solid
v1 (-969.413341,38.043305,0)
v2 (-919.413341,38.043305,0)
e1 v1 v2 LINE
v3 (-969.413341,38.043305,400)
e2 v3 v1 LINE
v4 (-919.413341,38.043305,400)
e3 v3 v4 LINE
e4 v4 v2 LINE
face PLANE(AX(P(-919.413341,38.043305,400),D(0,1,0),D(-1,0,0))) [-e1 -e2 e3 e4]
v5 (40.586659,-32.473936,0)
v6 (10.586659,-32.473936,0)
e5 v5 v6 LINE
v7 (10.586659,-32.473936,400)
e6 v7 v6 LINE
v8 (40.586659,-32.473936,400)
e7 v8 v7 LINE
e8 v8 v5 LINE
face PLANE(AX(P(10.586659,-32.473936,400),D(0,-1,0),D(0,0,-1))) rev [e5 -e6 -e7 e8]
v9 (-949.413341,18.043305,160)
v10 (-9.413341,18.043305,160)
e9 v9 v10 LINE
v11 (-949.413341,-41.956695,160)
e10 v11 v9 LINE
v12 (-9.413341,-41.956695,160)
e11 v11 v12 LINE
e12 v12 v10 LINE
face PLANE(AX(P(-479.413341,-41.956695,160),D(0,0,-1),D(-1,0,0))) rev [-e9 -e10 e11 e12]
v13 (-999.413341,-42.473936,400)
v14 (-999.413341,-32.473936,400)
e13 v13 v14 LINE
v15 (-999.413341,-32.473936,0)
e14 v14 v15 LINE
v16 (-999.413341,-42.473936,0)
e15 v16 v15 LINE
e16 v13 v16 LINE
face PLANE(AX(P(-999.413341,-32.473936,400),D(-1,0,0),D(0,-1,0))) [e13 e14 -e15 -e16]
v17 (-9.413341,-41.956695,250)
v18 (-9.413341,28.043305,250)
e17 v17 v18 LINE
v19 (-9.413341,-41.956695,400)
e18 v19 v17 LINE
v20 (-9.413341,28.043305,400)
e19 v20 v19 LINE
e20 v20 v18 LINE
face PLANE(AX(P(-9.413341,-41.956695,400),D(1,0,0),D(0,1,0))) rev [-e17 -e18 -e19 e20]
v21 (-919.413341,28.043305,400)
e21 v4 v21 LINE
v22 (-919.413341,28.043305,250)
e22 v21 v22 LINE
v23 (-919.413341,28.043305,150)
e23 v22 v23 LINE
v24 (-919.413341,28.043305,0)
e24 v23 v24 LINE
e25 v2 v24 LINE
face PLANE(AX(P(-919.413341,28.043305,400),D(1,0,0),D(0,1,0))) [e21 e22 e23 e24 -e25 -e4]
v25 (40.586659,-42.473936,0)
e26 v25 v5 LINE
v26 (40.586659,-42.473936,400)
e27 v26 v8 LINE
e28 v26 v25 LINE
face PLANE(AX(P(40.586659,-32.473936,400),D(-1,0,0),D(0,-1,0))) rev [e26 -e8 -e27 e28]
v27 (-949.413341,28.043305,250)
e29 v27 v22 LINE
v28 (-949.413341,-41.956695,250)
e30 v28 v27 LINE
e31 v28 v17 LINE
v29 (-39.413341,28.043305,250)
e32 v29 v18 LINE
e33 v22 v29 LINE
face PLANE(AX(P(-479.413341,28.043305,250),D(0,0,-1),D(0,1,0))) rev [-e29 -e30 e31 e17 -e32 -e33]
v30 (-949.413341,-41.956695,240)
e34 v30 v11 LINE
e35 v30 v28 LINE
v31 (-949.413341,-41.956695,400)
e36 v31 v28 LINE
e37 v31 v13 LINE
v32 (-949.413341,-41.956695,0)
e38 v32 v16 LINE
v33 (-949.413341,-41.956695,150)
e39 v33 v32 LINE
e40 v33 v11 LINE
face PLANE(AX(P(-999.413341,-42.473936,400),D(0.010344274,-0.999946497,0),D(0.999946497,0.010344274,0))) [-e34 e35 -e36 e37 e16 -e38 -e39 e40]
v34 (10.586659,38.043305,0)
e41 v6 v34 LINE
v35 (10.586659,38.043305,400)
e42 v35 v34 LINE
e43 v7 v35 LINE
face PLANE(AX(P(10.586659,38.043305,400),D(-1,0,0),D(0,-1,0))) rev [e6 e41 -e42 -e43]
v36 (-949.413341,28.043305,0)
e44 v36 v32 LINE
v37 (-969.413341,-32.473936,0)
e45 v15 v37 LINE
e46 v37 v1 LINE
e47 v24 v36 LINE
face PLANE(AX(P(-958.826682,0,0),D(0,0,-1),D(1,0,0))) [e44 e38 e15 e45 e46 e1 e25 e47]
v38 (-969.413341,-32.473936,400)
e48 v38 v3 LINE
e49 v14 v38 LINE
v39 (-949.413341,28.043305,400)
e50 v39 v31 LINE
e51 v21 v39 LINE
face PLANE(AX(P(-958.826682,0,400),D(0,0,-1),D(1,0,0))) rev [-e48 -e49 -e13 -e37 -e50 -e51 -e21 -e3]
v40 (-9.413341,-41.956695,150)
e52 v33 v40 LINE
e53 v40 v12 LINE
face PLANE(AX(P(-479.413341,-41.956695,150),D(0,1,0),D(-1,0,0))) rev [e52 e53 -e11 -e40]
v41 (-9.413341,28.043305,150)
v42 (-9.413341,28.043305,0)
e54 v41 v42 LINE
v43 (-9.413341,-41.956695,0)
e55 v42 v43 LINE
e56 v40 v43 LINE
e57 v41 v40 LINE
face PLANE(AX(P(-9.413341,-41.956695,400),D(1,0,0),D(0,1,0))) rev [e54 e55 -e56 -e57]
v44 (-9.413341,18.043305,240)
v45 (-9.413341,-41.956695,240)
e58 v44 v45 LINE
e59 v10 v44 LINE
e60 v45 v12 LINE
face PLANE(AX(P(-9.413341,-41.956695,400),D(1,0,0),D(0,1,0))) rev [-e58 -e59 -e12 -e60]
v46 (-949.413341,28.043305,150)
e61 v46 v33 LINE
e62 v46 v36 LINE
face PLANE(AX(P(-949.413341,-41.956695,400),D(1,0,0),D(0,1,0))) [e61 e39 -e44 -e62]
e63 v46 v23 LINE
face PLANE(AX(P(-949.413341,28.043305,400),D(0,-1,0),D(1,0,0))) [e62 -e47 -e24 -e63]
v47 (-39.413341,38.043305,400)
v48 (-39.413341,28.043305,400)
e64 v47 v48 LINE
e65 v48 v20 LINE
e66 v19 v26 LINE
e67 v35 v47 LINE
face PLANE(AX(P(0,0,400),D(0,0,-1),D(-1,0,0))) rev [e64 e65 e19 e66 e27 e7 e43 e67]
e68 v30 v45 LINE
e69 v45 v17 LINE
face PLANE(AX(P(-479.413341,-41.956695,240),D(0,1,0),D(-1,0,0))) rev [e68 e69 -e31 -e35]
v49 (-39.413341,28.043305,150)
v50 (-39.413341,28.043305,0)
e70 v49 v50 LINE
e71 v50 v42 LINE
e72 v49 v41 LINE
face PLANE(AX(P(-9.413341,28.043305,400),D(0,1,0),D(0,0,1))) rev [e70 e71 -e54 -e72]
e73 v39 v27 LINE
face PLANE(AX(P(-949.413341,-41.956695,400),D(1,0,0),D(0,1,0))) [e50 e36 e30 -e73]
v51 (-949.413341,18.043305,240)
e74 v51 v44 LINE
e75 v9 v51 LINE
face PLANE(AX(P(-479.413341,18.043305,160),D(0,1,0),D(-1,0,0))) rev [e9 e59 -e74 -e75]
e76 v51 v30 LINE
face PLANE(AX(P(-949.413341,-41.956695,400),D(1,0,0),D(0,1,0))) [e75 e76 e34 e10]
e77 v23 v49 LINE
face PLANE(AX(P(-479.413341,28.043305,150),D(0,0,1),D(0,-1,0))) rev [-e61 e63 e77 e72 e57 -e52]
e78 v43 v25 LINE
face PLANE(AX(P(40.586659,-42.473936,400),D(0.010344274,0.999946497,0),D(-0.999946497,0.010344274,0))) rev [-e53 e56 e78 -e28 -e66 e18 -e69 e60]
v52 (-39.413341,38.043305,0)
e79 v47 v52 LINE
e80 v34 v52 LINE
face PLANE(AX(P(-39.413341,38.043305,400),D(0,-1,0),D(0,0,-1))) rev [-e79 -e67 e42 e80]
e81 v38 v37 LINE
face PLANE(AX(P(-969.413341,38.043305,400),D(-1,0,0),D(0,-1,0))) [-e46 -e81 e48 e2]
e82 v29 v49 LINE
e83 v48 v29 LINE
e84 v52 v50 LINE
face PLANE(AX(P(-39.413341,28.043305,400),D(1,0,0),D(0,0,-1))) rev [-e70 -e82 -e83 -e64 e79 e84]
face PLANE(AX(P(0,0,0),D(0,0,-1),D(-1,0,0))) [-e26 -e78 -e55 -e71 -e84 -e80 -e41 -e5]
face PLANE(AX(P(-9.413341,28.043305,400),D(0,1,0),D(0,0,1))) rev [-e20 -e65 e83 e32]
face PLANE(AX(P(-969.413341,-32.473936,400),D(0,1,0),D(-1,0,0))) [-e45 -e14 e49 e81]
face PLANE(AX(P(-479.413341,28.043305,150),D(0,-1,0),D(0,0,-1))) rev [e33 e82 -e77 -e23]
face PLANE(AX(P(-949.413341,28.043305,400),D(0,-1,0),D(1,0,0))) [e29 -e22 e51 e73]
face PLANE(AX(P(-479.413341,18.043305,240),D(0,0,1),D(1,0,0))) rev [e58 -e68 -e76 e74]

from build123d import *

# Parameters (mm, degrees)
BOSS_EXTRUDE1_DEPTH = 400
BOSS_EXTRUDE2_DEPTH = 470


with BuildPart() as part:
    # Sketch1 → Boss-Extrude1 (new body)
    with BuildSketch(Plane.XY):
        Polygon((10.586659127, 38.043305377), (10.586659127, -32.473936002), (40.586659127, -32.473936002), (40.586659127, -42.473936002), (-9.413340873, -41.956694623), (-9.413340873, 28.043305377), (-39.413340873, 28.043305377), (-39.413340873, 38.043305377), align=None)
    boss_extrude1 = extrude(amount=BOSS_EXTRUDE1_DEPTH)

    # Sketch2 → Boss-Extrude2 (add)
    with BuildSketch(Plane.ZY.offset(9.413340873)):
        Polygon((150, 28.043305377), (250, 28.043305377), (250, -41.956694623), (240, -41.956694623), (240, 18.043305377), (160, 18.043305377), (160, -41.956694623), (150, -41.956694623), align=None)
    boss_extrude2 = extrude(amount=BOSS_EXTRUDE2_DEPTH)

    # Mirror2: Boss-Extrude2 across plane
    add(boss_extrude2.mirror(Plane.ZY.offset(479.413340873)))

    # Mirror3: Boss-Extrude1 across plane
    add(boss_extrude1.mirror(Plane.ZY.offset(479.413340873)))


solid = part.part
